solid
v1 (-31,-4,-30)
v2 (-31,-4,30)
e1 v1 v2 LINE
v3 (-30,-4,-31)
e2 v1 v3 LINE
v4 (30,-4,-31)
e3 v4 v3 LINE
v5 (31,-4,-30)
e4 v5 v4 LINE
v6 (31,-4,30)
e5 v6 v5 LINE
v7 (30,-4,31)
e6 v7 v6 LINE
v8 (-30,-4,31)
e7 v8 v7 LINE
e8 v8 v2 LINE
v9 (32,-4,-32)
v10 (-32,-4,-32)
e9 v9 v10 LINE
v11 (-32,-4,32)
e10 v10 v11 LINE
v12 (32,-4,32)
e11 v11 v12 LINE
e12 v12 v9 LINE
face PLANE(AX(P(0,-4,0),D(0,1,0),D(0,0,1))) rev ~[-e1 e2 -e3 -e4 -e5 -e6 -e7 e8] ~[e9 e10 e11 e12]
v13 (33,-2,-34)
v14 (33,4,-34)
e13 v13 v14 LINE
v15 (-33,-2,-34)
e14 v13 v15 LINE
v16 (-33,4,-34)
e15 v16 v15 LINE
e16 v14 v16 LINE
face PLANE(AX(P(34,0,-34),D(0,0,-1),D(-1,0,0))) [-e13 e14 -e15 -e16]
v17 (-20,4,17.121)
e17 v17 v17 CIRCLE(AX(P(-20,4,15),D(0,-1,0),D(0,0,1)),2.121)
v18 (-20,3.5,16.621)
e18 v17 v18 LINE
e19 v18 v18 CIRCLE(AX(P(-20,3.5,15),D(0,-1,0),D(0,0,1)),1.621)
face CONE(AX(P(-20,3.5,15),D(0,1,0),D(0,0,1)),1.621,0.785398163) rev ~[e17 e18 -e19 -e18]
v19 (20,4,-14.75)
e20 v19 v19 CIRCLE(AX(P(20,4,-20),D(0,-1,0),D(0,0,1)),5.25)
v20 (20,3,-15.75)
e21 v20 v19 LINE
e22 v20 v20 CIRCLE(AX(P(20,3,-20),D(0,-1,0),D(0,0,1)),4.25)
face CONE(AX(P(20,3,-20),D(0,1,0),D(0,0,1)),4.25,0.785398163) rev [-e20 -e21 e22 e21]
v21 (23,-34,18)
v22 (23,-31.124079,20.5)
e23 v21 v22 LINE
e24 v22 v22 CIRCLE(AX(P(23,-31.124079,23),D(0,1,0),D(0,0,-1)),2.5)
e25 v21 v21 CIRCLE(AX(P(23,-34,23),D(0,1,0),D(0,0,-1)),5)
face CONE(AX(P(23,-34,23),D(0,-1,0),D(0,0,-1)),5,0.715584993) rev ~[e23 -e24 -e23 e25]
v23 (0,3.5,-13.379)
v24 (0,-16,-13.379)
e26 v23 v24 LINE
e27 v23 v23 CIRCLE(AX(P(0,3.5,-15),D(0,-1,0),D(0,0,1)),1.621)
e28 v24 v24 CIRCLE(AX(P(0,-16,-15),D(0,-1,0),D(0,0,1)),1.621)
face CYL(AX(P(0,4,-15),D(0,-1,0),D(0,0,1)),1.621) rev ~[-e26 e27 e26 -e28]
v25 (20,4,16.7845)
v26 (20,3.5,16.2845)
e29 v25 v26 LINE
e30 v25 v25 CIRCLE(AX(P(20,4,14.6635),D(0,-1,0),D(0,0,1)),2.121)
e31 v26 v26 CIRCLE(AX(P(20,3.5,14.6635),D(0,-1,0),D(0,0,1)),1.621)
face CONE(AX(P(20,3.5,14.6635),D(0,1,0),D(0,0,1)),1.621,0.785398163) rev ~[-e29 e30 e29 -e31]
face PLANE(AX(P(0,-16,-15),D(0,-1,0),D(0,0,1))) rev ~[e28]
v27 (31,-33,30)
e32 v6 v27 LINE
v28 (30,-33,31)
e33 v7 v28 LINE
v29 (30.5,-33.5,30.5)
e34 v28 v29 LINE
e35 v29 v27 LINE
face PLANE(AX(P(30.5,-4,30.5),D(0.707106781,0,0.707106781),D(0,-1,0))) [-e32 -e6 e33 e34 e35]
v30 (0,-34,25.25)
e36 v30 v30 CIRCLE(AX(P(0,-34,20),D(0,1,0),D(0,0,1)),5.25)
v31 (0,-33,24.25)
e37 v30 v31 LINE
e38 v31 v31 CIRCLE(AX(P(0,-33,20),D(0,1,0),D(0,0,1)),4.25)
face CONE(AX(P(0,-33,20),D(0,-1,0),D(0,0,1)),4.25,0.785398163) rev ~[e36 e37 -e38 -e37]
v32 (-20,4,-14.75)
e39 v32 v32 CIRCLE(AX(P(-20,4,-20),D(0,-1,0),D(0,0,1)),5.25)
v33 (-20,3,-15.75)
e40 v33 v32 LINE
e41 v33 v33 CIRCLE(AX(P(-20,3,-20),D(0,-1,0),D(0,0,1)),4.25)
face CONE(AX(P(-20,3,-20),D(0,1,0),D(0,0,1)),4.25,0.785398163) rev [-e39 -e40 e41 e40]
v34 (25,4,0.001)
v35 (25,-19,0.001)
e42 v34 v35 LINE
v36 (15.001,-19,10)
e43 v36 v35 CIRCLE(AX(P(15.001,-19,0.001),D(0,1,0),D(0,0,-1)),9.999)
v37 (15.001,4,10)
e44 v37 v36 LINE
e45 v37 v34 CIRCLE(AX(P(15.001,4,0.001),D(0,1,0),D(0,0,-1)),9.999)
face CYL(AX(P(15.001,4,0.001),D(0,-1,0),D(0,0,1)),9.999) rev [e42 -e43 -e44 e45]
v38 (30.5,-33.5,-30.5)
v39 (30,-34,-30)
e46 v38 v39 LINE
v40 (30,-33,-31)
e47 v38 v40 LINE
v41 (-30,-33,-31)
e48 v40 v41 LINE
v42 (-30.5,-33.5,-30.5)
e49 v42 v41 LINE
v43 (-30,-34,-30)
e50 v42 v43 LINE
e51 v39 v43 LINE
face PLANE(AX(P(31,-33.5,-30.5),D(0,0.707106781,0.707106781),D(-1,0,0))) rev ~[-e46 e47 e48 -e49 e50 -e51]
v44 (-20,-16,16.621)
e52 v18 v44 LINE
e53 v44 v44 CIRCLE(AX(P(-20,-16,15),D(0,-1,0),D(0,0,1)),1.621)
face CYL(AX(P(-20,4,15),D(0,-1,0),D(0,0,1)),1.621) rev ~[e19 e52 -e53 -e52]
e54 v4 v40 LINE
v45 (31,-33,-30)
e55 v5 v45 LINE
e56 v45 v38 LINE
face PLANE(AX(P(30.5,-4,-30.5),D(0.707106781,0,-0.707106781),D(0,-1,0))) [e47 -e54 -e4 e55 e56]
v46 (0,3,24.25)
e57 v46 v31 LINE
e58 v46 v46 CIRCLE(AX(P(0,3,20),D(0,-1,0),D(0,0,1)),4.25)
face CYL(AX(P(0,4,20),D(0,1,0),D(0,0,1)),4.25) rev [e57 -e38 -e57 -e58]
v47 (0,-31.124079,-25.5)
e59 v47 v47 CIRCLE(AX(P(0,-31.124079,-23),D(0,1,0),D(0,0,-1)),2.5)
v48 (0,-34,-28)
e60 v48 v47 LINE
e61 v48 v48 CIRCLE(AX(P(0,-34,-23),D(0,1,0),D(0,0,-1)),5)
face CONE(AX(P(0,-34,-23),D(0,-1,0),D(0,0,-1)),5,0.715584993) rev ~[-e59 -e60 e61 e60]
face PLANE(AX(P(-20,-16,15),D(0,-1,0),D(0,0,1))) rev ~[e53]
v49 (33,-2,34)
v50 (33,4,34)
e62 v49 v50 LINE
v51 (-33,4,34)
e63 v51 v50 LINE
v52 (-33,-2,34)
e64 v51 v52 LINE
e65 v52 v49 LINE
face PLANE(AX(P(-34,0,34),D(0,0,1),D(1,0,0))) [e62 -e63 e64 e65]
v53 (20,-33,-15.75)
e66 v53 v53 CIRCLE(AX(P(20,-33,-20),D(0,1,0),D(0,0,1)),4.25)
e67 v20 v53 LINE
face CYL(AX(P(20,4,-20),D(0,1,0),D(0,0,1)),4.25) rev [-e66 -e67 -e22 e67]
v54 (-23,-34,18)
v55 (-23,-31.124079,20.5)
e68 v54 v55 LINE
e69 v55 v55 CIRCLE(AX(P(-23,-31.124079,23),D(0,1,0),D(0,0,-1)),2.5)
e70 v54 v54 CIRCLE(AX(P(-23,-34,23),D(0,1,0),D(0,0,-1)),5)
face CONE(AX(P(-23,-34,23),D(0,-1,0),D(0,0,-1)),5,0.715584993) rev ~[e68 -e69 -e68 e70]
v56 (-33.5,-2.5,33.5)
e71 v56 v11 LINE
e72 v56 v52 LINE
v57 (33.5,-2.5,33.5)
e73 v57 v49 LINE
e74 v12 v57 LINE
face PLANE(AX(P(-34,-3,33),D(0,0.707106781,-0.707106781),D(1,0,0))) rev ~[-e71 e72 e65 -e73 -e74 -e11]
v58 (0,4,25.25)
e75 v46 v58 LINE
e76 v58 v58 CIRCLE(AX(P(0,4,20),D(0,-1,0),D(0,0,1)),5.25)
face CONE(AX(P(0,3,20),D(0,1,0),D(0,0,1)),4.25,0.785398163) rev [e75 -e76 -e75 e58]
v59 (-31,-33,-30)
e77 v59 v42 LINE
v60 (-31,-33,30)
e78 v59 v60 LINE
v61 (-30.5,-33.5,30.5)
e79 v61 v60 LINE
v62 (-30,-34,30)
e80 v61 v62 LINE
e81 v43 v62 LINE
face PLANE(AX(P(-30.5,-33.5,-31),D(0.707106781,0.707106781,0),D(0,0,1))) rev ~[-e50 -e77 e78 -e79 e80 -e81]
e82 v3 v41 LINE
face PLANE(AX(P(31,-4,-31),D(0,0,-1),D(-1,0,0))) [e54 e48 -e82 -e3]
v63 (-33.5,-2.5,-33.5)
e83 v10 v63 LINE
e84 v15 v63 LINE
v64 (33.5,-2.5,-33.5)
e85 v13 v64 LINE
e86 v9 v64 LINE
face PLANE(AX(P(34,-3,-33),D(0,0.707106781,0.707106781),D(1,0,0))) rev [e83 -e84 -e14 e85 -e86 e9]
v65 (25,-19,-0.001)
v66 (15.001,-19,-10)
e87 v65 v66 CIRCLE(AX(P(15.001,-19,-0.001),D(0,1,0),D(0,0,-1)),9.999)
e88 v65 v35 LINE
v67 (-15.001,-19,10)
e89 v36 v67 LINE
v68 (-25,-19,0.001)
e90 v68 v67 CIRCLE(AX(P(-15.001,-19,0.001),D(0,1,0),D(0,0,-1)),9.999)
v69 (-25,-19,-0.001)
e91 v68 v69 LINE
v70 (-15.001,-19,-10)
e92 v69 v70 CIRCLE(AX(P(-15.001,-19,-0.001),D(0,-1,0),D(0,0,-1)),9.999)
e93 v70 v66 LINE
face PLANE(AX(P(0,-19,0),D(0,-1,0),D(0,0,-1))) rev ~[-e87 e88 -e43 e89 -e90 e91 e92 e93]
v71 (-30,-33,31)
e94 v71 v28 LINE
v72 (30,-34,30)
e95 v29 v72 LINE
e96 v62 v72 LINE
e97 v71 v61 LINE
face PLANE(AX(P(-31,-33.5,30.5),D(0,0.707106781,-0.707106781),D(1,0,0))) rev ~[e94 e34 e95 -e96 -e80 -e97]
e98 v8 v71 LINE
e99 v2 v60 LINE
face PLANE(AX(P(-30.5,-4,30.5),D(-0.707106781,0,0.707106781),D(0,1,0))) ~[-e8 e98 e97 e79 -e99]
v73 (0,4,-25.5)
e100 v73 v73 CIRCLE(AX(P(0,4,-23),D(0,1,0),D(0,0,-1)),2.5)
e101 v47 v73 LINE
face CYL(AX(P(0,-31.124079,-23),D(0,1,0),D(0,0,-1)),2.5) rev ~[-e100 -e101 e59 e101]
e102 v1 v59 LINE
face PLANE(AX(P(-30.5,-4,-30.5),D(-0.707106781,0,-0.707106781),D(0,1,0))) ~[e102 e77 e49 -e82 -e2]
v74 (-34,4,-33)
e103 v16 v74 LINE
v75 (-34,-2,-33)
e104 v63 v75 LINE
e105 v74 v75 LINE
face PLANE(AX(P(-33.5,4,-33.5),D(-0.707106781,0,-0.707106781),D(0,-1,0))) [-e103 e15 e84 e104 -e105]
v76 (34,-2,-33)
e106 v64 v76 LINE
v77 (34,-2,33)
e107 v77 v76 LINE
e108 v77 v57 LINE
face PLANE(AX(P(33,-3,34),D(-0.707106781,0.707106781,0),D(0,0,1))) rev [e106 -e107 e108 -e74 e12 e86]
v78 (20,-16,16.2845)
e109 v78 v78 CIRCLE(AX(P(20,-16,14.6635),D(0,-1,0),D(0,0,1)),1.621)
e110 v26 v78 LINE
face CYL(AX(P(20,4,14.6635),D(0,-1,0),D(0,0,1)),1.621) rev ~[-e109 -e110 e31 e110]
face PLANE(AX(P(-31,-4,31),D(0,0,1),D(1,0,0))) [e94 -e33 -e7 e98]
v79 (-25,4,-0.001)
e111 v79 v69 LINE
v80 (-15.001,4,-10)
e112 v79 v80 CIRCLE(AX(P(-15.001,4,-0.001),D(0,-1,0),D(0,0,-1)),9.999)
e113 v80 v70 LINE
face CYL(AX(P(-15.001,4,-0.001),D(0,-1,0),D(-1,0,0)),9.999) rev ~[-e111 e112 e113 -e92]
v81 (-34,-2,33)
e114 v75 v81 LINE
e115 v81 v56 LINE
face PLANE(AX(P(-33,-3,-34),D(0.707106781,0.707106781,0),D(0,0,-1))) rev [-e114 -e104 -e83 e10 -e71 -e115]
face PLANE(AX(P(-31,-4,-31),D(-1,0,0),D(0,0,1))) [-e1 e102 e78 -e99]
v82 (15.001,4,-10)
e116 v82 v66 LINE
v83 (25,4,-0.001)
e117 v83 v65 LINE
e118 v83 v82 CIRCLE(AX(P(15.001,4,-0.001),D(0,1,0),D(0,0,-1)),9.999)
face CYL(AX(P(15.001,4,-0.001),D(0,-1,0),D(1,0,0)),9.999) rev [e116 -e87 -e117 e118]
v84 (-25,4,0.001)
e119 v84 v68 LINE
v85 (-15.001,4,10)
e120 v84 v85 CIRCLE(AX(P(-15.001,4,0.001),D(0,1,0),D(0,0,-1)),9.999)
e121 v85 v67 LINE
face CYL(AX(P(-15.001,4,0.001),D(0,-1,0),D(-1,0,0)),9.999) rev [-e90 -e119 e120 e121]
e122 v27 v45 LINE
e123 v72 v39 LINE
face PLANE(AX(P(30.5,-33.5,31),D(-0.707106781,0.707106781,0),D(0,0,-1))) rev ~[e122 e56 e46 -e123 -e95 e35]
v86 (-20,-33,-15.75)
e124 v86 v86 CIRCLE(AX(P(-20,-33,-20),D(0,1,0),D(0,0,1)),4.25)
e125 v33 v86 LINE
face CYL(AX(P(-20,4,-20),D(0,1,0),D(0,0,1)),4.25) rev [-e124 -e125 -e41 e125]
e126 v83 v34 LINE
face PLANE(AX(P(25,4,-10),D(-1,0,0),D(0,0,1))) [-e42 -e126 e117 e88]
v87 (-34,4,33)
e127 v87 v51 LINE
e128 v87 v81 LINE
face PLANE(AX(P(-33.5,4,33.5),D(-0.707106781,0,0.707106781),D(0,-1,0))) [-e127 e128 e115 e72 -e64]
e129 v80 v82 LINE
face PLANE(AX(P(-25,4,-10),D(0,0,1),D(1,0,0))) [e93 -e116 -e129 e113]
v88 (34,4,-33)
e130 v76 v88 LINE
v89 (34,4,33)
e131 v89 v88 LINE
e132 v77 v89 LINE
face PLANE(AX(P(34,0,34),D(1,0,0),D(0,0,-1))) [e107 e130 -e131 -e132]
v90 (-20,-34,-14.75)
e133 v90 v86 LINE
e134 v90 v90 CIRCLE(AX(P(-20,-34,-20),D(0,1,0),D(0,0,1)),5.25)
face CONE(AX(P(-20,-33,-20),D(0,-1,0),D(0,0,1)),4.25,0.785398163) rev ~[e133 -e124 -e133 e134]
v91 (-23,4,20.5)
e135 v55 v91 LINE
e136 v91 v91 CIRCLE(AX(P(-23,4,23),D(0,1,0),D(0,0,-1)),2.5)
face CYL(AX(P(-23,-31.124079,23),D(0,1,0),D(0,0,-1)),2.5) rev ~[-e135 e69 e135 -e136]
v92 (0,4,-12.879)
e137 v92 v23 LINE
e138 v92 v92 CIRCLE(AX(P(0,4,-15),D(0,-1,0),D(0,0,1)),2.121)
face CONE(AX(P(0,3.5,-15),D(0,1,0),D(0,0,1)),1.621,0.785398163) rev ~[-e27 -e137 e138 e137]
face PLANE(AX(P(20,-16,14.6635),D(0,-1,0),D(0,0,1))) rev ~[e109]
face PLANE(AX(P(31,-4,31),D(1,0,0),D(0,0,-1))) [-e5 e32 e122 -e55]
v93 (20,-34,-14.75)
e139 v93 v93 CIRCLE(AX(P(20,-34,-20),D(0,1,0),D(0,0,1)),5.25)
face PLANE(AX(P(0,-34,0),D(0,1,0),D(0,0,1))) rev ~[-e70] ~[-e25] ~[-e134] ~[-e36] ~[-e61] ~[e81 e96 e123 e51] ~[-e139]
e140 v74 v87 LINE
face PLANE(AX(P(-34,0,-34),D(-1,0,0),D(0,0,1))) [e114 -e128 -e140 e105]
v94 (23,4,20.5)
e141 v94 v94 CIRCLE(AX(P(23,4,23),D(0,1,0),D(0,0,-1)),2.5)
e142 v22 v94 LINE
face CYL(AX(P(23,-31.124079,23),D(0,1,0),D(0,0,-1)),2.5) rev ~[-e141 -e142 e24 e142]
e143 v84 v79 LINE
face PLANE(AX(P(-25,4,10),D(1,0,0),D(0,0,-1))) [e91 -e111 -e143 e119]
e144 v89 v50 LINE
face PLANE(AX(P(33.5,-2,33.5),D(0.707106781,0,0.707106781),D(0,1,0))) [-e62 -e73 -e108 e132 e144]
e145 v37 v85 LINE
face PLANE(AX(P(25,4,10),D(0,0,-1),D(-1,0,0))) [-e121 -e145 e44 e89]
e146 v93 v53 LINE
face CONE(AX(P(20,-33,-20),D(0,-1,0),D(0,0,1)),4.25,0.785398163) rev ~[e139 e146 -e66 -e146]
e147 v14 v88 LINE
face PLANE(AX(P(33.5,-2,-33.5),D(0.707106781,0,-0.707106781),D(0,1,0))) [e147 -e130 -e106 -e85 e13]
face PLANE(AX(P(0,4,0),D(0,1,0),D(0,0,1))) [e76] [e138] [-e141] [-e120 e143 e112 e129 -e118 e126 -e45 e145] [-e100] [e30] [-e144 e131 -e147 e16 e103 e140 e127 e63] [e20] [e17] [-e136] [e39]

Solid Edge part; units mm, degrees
sketch "Sketch1" plane through (0, 0, 0) normal (0, -1, 0) x (1, 0, 0)
  line L0 (-34, 34) -> (34, 34)
  line L1 (34, 34) -> (34, -34)
  line L2 (34, -34) -> (-34, -34)
  line L3 (-34, -34) -> (-34, 34)
  dimension "D1" = 68
  dimension "D2" = 68
extrude "Protrusion1" add sketch "Sketch1" along normal mid plane 8
sketch "Sketch2" plane through (0, -4, 0) normal (0, -1, 0) x (1, 0, 0)
  line L0 (-31, 31) -> (31, 31)
  line L1 (31, 31) -> (31, -31)
  line L2 (31, -31) -> (-31, -31)
  line L3 (-31, -31) -> (-31, 31)
  dimension "D1" = 62
  dimension "D2" = 62
extrude "Ausprägung_2" add sketch "Sketch2" along normal blind 30
chamfer "Fase_1" distance 2 angle 45 4 edges at (0, -4, -34) (34, -4, 0) (0, -4, 34) (-34, -4, 0)
chamfer "Fase_2" distance 1 angle 45 4 edges at (-31, -34, 0) (0, -34, 31) (31, -34, 0) (0, -34, -31)
chamfer "Fase_3" distance 1 angle 45 8 edges at (31, -18.5, -31) (31, -18.5, 31) (-31, -18.5, 31) (-31, -18.5, -31) (-34, 1, -34) (34, 1, 34) (34, 1, -34) (-34, 1, 34)
hole "Bohrung_1" at (20, 4, -20) direction (0, -1, 0) diameter 8.5 end up to next
hole "Hole1" at (0, 4, 20) direction (0, -1, 0) diameter 8.5 end up to next
hole "Hole2" at (-20, 4, -20) direction (0, -1, 0) diameter 8.5 end up to next
chamfer "Fase_4" distance 1 angle 45 6 edges at (-20, -34, -24.25) (0, -34, 15.75) (20, -34, -24.25) (-24.25, 4, -20) (-4.25, 4, 20) (15.75, 4, -20)
hole "Bohrung_4" at (-20, 4, 15) direction (0, -1, 0) diameter 3.242 depth 20
hole "Hole3" at (20, 4, 14.6635) direction (0, -1, 0) diameter 3.242 depth 20
hole "Hole4" at (0, 4, -15) direction (0, -1, 0) diameter 3.242 depth 20
chamfer "Fase_5" distance 0.5 angle 45 3 edges at (0, 4, -16.621) (-20, 4, 13.379) (20, 4, 13.0425)
hole "Bohrung_11" at (-23, -34, 23) direction (0, 1, 0) diameter 5 depth 38 countersink diameter 10 countersink angle 82
hole "Hole5" at (23, -34, 23) direction (0, 1, 0) diameter 5 depth 38 countersink diameter 10 countersink angle 82
hole "Hole6" at (0, -34, -23) direction (0, 1, 0) diameter 5 depth 38 countersink diameter 10 countersink angle 82
sketch "Sketch3" plane through (0, 4, 0) normal (0, 1, 0) x (1, 0, 0)
  line L0 (-25, 10) -> (25, 10)
  line L1 (25, 10) -> (25, -10)
  line L2 (25, -10) -> (-25, -10)
  line L3 (-25, -10) -> (-25, 10)
  dimension "D1" = 20
  dimension "D2" = 50
extrude "Ausschnitt_1" cut sketch "Sketch3" against normal blind 23
fillet "Verrundung_1" radius 10 4 edges at (-25, -7.5, -10) (-25, -7.5, 10) (25, -7.5, 10) (25, -7.5, -10)
properties material "Aluminium, 1060"
